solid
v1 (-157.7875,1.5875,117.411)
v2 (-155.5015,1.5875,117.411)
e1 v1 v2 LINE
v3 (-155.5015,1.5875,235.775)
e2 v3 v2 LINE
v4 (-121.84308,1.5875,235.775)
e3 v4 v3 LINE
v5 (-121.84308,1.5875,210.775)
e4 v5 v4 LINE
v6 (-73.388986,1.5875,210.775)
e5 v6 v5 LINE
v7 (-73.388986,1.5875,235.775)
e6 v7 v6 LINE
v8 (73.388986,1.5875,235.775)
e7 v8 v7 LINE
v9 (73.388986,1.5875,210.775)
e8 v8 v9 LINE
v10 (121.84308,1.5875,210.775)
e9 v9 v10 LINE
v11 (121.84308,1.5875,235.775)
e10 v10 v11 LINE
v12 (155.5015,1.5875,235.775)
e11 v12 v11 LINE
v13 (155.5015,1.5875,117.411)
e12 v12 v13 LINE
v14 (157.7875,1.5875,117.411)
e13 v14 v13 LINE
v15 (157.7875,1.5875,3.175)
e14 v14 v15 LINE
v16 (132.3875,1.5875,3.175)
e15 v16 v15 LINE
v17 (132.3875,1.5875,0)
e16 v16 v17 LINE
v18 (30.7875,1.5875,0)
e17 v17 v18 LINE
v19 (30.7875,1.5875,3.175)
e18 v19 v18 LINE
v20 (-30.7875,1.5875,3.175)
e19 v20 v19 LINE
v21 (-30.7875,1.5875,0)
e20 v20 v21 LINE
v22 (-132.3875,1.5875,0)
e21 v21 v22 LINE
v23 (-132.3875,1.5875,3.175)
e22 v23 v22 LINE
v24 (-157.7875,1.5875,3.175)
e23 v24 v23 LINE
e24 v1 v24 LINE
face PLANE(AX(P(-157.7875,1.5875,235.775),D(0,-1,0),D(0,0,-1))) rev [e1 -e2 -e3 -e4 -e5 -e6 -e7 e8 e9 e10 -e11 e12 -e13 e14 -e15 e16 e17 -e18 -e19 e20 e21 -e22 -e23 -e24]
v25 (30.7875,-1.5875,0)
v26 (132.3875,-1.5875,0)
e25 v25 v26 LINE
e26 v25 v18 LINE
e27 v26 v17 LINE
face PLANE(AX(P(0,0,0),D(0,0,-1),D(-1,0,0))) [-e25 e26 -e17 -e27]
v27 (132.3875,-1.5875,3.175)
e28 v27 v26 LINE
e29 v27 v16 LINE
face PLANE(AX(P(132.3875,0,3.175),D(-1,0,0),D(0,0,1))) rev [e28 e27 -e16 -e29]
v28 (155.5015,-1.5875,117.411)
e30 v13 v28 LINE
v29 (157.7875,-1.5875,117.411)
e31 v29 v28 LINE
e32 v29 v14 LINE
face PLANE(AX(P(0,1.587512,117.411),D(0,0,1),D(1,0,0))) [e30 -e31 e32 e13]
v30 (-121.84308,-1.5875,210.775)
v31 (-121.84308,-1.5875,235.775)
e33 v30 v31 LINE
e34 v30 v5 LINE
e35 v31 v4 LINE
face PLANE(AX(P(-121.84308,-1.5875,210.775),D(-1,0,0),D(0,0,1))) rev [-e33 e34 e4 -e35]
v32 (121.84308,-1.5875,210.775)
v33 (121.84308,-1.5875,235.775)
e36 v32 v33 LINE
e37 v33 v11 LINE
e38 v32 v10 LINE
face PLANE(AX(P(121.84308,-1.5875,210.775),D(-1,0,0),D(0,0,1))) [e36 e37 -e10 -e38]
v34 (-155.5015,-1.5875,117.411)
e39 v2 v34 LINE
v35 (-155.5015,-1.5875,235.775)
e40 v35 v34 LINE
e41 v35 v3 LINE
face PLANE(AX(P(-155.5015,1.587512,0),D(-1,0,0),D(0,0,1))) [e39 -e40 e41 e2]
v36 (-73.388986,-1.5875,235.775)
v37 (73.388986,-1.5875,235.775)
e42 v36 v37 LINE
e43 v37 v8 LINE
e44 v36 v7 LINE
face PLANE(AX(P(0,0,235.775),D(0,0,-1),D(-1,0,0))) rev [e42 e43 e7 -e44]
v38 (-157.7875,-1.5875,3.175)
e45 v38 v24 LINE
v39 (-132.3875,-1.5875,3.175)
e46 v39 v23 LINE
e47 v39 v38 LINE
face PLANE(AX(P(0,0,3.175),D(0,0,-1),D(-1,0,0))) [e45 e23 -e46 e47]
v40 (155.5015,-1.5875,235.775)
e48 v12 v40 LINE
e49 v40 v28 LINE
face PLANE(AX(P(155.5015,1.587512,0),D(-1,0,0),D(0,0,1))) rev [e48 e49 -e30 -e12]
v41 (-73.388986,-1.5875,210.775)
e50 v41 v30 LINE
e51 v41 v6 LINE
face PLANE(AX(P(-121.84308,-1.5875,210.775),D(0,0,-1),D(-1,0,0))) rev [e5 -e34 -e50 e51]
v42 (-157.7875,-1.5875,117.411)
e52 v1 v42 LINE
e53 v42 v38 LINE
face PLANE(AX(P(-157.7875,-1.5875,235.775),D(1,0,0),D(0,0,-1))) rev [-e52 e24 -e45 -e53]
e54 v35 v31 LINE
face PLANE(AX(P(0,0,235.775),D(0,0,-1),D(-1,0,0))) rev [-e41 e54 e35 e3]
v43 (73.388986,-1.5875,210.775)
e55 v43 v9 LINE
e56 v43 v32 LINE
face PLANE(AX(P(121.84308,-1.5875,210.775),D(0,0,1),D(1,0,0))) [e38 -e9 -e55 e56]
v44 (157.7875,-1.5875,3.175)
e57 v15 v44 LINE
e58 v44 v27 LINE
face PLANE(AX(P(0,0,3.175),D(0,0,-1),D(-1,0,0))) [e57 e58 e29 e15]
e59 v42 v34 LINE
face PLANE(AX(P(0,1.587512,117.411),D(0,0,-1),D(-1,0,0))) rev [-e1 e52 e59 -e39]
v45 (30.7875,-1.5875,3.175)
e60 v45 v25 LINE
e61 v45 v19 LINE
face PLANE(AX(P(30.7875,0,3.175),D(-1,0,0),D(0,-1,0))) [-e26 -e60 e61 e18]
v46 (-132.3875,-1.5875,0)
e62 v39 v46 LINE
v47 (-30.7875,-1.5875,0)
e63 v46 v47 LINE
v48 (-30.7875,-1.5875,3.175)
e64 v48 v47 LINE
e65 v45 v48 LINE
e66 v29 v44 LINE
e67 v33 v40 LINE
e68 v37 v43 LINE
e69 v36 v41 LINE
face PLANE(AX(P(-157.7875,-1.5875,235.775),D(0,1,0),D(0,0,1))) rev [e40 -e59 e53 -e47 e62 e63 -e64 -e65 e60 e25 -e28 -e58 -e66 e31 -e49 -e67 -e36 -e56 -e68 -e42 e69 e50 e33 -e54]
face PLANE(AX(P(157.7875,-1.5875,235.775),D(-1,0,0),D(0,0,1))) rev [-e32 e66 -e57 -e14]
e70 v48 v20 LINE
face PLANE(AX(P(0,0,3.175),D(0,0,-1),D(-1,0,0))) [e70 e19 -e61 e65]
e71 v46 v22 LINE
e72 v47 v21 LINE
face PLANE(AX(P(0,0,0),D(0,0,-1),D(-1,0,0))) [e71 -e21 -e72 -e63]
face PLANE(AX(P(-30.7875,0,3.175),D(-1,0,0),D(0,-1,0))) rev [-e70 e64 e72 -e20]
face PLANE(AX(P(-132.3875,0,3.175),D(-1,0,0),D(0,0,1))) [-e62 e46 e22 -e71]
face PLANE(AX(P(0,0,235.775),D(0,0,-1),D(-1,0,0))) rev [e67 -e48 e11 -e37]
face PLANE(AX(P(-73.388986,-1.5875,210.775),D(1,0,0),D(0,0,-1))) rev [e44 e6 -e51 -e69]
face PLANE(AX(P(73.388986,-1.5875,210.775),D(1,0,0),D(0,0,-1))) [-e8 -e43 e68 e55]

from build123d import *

# Parameters (mm, degrees)
SKETCH1_W           = 315.575
SKETCH1_H           = 3.175
BOSS_EXTRUDE1_DEPTH = 235.775
SKETCH3_W           = 25.4
SKETCH3_H           = 3.175
SKETCH3_W_2         = 61.575
CUT_EXTRUDE1_DEPTH  = 3.175
CUT_EXTRUDE2_START  = -3.175
SKETCH5_W           = 2.286
SKETCH5_H           = 118.364
CUT_EXTRUDE2_DEPTH  = 287.894626403
SKETCH6_W           = 48.454093678
SKETCH6_H           = 25
CUT_EXTRUDE4_DEPTH  = 284.719626403


with BuildPart() as part:
    # Sketch1 → Boss-Extrude1 (new body)
    with BuildSketch(Plane.XY):
        Rectangle(SKETCH1_W, SKETCH1_H)
    extrude(amount=BOSS_EXTRUDE1_DEPTH)

    # Sketch3 → Cut-Extrude1 (cut)
    with BuildSketch(Plane(origin=(0, 0, 0), x_dir=(-1, 0, 0), z_dir=(0, 0, -1))):
        with Locations((-145.0875, 0)):
            Rectangle(SKETCH3_W, SKETCH3_H)
        Rectangle(SKETCH3_W_2, SKETCH3_H)
        with Locations((145.0875, 0)):
            Rectangle(SKETCH3_W, SKETCH3_H)
    extrude(amount=-CUT_EXTRUDE1_DEPTH, mode=Mode.SUBTRACT)

    # Sketch5 → Cut-Extrude2 (cut)
    with BuildSketch(Plane(origin=(0, 1.5875, 0), x_dir=(1, 0, 0), z_dir=(0, 1, 0)).offset(CUT_EXTRUDE2_START)):
        with Locations((-156.6445, -176.593)):
            Rectangle(SKETCH5_W, SKETCH5_H)
    cut_extrude2 = extrude(amount=CUT_EXTRUDE2_DEPTH, mode=Mode.SUBTRACT)

    # Mirror1: Cut-Extrude2 across plane
    add(cut_extrude2.mirror(Plane(origin=(0, 0, 0), x_dir=(0, 0, 1), z_dir=(1, 0, 0))), mode=Mode.SUBTRACT)

    # Sketch6 → Cut-Extrude4 (cut, through all)
    with BuildSketch(Plane(origin=(0, 1.5875, 0), x_dir=(1, 0, 0), z_dir=(0, 1, 0))):
        with Locations((-97.616032964, -223.275)):
            Rectangle(SKETCH6_W, SKETCH6_H)
    cut_extrude4 = extrude(amount=-CUT_EXTRUDE4_DEPTH, mode=Mode.SUBTRACT)

    # Mirror2: Cut-Extrude4 across plane
    add(cut_extrude4.mirror(Plane(origin=(0, 0, 0), x_dir=(0, 0, 1), z_dir=(1, 0, 0))), mode=Mode.SUBTRACT)


solid = part.part
